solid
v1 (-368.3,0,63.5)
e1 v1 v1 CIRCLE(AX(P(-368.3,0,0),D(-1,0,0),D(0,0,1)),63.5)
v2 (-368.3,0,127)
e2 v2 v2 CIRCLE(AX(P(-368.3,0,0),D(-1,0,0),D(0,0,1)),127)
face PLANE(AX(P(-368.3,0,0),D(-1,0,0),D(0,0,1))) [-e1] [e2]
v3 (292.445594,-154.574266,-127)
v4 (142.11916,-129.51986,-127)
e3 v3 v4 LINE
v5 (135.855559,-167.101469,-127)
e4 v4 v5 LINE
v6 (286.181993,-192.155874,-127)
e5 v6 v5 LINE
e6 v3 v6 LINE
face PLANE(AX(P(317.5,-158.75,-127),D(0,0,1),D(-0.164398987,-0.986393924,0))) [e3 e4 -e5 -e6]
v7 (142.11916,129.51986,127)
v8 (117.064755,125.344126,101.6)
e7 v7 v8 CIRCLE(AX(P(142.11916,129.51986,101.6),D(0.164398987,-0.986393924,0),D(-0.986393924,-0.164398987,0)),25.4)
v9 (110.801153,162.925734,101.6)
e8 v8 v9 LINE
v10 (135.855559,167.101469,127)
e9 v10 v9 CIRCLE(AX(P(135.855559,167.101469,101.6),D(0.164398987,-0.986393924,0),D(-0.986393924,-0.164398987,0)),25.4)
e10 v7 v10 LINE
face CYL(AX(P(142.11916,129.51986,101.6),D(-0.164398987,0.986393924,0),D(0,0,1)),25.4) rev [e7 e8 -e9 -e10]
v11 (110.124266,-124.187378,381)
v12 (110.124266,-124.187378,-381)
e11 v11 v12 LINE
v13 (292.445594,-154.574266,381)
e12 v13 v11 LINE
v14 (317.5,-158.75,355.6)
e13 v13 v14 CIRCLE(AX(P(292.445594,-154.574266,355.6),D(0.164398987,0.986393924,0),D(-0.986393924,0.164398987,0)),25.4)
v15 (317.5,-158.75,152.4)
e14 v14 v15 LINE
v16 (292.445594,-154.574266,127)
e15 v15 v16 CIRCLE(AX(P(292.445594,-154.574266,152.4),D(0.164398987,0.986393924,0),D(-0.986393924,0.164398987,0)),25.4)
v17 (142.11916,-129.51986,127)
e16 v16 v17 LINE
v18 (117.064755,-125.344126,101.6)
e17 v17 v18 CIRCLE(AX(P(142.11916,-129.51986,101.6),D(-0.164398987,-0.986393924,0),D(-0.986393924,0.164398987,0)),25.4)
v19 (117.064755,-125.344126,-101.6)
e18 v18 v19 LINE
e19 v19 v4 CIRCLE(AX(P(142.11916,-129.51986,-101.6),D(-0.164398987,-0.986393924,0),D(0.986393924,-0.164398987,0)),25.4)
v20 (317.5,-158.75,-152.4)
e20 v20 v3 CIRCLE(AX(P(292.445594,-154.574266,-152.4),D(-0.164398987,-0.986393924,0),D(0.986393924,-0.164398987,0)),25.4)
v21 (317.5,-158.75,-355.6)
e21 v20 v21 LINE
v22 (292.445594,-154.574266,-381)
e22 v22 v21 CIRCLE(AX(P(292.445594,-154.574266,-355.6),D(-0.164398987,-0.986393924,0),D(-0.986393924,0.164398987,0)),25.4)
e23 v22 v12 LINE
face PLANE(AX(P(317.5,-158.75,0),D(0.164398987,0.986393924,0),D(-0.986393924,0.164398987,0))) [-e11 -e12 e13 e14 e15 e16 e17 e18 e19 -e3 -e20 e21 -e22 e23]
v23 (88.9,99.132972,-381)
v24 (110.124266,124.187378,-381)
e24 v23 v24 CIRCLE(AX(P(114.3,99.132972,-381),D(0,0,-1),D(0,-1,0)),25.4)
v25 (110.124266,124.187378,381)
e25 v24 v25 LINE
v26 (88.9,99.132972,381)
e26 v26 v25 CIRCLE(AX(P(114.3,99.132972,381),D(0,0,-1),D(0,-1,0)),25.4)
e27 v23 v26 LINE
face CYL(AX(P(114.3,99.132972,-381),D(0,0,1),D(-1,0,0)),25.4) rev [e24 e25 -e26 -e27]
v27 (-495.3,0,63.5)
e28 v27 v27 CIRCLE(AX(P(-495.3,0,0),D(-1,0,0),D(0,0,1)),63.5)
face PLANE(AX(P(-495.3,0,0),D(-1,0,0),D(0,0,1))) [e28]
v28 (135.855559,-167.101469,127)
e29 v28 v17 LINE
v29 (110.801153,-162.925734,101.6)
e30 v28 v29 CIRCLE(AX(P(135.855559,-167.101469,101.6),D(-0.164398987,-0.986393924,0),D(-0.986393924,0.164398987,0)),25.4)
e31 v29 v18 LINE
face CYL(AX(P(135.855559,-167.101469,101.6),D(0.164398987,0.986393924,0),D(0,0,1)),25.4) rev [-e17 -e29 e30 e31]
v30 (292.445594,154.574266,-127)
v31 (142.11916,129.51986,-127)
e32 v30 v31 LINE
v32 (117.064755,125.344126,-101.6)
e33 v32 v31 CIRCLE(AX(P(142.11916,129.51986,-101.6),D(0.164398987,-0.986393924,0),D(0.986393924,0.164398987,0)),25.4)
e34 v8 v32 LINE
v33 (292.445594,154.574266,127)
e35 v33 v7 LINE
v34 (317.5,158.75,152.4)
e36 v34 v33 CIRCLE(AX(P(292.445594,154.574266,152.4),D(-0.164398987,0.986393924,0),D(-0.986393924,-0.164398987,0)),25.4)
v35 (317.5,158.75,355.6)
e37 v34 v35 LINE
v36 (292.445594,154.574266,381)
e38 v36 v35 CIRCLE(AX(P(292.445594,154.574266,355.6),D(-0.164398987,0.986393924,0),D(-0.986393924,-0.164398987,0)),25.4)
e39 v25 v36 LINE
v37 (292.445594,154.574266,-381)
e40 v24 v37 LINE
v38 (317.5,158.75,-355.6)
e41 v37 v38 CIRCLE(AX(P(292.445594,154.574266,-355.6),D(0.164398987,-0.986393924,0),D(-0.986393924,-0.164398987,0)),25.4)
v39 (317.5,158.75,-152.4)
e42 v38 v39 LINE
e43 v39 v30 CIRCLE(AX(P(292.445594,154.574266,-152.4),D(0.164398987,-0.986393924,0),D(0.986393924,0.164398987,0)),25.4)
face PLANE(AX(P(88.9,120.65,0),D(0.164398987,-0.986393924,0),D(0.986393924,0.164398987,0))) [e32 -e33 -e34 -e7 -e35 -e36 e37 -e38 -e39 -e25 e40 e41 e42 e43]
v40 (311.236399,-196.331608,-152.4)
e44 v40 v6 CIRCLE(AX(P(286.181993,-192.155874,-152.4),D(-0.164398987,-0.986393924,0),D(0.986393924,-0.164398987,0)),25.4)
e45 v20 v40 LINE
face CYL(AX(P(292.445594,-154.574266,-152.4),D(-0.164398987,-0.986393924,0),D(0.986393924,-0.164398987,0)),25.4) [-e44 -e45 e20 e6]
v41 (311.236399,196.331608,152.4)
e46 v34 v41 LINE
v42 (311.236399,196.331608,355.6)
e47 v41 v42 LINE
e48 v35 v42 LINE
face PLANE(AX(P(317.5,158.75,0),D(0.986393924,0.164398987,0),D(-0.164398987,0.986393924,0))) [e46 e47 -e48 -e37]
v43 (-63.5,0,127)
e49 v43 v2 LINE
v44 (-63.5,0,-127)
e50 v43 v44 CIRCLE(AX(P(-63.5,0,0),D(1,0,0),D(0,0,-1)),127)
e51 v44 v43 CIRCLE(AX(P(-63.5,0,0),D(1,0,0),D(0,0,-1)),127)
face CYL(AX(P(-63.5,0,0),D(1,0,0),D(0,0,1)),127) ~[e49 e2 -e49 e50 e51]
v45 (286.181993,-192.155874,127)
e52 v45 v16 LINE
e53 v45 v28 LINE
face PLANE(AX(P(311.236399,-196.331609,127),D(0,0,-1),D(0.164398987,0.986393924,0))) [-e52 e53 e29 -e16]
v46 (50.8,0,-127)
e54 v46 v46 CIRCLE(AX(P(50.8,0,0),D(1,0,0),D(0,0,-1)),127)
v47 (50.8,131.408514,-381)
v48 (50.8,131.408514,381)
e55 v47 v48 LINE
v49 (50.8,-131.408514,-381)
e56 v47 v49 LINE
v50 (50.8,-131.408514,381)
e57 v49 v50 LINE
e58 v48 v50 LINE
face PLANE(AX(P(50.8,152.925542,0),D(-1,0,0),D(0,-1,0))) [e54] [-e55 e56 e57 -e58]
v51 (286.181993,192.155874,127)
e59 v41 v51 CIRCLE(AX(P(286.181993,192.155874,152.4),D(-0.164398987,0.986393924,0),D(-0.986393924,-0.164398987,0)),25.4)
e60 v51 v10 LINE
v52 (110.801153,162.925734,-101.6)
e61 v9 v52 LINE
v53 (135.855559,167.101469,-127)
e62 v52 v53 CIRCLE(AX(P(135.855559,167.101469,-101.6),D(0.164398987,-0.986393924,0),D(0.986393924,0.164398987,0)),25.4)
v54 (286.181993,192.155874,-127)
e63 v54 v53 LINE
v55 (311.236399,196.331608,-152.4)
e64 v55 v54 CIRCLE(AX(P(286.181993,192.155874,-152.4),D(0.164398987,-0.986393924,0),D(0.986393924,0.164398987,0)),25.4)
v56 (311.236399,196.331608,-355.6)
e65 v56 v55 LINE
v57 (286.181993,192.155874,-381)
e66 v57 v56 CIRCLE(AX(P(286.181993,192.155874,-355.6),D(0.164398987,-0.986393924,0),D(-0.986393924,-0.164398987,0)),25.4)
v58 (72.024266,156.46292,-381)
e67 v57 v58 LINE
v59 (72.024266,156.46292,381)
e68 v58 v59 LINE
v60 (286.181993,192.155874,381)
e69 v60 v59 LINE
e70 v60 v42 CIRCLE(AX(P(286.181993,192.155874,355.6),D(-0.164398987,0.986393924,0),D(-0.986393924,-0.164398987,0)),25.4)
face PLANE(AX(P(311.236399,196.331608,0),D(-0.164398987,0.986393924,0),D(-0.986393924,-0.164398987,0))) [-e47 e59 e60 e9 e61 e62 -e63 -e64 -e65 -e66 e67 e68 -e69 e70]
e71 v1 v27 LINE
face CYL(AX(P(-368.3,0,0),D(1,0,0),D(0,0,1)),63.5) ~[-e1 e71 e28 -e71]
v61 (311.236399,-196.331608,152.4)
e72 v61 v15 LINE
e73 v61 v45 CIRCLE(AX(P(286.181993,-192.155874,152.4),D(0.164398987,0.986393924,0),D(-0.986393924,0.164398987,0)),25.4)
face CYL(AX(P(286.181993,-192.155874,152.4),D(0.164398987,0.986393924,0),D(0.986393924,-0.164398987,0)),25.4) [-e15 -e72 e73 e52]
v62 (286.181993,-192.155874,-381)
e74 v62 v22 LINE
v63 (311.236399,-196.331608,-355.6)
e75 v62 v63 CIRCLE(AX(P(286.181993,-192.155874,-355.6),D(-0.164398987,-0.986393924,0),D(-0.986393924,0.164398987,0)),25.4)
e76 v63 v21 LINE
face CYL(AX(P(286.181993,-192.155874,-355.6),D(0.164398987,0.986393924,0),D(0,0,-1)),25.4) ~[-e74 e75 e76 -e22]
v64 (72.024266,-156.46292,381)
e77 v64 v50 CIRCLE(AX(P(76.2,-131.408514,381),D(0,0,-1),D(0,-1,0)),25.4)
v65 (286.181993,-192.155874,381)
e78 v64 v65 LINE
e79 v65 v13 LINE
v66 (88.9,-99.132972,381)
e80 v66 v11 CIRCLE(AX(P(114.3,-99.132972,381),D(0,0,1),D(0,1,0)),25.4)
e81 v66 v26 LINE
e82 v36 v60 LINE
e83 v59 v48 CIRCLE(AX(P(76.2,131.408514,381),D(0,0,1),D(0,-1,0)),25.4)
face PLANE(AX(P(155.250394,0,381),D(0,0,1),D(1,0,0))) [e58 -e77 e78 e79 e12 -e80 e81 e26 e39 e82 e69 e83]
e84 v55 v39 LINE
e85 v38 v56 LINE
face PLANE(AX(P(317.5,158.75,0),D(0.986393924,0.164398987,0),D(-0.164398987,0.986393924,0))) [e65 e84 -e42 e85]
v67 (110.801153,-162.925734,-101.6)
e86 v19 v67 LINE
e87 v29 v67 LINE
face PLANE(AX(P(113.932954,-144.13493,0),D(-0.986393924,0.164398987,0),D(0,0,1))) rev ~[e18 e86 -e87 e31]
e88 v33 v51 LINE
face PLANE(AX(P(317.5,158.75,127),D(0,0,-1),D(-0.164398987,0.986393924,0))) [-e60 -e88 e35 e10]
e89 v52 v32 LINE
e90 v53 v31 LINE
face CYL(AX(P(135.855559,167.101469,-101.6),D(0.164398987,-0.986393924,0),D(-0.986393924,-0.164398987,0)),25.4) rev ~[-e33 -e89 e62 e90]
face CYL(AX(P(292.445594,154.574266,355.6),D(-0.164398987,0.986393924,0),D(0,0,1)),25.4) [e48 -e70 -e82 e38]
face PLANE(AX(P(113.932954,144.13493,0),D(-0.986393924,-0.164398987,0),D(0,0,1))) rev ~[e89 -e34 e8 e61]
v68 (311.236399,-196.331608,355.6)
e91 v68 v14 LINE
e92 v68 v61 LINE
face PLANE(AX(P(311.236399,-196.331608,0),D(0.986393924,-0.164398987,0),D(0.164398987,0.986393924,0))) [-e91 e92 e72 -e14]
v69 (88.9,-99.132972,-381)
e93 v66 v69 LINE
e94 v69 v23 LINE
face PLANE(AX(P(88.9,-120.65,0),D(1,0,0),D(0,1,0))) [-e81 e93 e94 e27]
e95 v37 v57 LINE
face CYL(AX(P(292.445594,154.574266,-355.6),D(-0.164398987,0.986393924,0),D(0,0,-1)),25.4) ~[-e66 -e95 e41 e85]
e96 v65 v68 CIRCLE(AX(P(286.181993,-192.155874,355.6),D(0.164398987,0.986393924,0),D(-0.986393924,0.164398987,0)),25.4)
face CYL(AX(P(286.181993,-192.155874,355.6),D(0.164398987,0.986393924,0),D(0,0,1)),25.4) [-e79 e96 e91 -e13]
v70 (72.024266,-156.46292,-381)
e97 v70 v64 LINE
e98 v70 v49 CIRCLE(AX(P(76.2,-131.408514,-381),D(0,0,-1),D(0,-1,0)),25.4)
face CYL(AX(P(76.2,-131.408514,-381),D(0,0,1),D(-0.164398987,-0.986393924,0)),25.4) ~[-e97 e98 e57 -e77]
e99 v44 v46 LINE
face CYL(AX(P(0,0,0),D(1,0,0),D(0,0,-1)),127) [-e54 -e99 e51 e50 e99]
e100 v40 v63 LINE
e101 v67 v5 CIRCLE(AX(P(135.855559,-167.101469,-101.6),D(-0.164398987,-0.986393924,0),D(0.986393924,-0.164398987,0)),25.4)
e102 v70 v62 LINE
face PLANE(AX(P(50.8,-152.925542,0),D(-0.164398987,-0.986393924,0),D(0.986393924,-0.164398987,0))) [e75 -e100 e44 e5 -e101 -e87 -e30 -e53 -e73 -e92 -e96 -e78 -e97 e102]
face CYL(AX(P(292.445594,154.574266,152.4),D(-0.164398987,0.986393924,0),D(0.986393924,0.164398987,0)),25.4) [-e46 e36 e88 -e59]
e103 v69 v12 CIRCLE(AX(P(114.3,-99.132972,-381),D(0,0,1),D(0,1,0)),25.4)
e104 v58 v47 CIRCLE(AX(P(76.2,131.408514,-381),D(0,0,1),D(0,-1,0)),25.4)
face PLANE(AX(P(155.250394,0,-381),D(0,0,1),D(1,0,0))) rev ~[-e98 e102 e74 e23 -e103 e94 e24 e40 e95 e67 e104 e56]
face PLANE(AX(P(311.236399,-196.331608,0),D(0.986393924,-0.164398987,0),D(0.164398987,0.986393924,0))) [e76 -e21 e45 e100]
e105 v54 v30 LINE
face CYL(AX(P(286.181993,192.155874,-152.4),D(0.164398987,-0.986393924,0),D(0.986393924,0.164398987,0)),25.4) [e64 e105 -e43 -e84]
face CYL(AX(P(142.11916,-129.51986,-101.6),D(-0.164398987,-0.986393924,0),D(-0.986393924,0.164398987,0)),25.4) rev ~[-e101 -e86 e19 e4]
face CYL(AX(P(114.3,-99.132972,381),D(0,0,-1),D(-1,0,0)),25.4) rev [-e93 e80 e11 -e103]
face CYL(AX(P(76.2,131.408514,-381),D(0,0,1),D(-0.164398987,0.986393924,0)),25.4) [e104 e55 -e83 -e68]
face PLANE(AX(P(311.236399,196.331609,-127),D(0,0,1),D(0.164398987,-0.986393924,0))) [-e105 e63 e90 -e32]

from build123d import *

# Parameters (mm, degrees)
SKETCH1_R           = 127
BOSS_EXTRUDE1_DEPTH = 63.5
BOSS_EXTRUDE2_DEPTH = 381
CUT_EXTRUDE1_DEPTH  = 203.2
CUT_EXTRUDE2_DEPTH  = 203.2
FILLET1_R           = 25.4
FILLET2_R           = 25.4
FILLET3_R           = 25.4
SKETCH5_R           = 127
BOSS_EXTRUDE3_DEPTH = 304.8
SKETCH6_R           = 63.5
BOSS_EXTRUDE4_DEPTH = 127


with BuildPart() as part:
    # Sketch1 → Boss-Extrude1 (new body, symmetric)
    with BuildSketch(Plane(origin=(0, 0, 0), x_dir=(0, 0, -1), z_dir=(1, 0, 0))):
        Circle(SKETCH1_R)
    extrude(amount=BOSS_EXTRUDE1_DEPTH, both=True)

    # Sketch2 → Boss-Extrude2 (add, symmetric)
    with BuildSketch(Plane.XY):
        Polygon((88.9, -120.65), (88.9, 120.65), (317.5, 158.75), (311.236398584, 196.331608498), (50.8, 152.925542067), (50.8, -152.925542067), (311.236398584, -196.331608498), (317.5, -158.75), align=None)
    extrude(amount=BOSS_EXTRUDE2_DEPTH, both=True)

    # Sketch3 → Cut-Extrude1 (cut)
    with BuildSketch(Plane(origin=(334.662162162, 55.777027027, 0), x_dir=(0, 0, -1), z_dir=(0.986393924, 0.164398987, 0))):
        Polygon((0, 104.393356939), (-127, 104.393356939), (-127, 142.493356939), (127, 142.493356939), (127, 104.393356939), align=None)
    extrude(amount=-CUT_EXTRUDE1_DEPTH, mode=Mode.SUBTRACT)

    # Sketch4 → Cut-Extrude2 (cut)
    with BuildSketch(Plane(origin=(334.662162162, -55.777027027, 0), x_dir=(0, 0, -1), z_dir=(0.986393924, -0.164398987, 0))):
        Polygon((0, -142.493356939), (-127, -142.493356939), (-127, -104.393356939), (127, -104.393356939), (127, -142.493356939), align=None)
    extrude(amount=-CUT_EXTRUDE2_DEPTH, mode=Mode.SUBTRACT)

    # Fillet1
    fillet1_edges = [part.edges().sort_by_distance(p)[0] for p in [
        (88.9, -120.65, 0),
        (88.9, 120.65, 0),
    ]]
    fillet(fillet1_edges, radius=FILLET1_R)

    # Fillet2
    fillet2_edges = [part.edges().sort_by_distance(p)[0] for p in [
        (50.8, 152.925542067, 0),
        (50.8, -152.925542067, 0),
    ]]
    fillet(fillet2_edges, radius=FILLET2_R)

    # Fillet3
    fillet3_edges = [part.edges().sort_by_distance(p)[0] for p in [
        (314.368199292, -177.540804249, 381),
        (113.932953969, 144.134930029, 127),
        (113.932953969, 144.134930029, -127),
        (314.368199292, 177.540804249, -127),
        (314.368199292, 177.540804249, 127),
        (113.932953969, -144.134930029, 127),
        (113.932953969, -144.134930029, -127),
        (314.368199292, -177.540804249, -127),
        (314.368199292, -177.540804249, 127),
        (314.368199292, 177.540804249, -381),
        (314.368199292, -177.540804249, -381),
        (314.368199292, 177.540804249, 381),
    ]]
    fillet(fillet3_edges, radius=FILLET3_R)

    # Sketch5 → Boss-Extrude3 (add)
    with BuildSketch(Plane.ZY.offset(63.5)):
        Circle(SKETCH5_R)
    extrude(amount=BOSS_EXTRUDE3_DEPTH)

    # Sketch6 → Boss-Extrude4 (add)
    with BuildSketch(Plane.ZY.offset(368.3)):
        Circle(SKETCH6_R)
    extrude(amount=BOSS_EXTRUDE4_DEPTH)


solid = part.part
